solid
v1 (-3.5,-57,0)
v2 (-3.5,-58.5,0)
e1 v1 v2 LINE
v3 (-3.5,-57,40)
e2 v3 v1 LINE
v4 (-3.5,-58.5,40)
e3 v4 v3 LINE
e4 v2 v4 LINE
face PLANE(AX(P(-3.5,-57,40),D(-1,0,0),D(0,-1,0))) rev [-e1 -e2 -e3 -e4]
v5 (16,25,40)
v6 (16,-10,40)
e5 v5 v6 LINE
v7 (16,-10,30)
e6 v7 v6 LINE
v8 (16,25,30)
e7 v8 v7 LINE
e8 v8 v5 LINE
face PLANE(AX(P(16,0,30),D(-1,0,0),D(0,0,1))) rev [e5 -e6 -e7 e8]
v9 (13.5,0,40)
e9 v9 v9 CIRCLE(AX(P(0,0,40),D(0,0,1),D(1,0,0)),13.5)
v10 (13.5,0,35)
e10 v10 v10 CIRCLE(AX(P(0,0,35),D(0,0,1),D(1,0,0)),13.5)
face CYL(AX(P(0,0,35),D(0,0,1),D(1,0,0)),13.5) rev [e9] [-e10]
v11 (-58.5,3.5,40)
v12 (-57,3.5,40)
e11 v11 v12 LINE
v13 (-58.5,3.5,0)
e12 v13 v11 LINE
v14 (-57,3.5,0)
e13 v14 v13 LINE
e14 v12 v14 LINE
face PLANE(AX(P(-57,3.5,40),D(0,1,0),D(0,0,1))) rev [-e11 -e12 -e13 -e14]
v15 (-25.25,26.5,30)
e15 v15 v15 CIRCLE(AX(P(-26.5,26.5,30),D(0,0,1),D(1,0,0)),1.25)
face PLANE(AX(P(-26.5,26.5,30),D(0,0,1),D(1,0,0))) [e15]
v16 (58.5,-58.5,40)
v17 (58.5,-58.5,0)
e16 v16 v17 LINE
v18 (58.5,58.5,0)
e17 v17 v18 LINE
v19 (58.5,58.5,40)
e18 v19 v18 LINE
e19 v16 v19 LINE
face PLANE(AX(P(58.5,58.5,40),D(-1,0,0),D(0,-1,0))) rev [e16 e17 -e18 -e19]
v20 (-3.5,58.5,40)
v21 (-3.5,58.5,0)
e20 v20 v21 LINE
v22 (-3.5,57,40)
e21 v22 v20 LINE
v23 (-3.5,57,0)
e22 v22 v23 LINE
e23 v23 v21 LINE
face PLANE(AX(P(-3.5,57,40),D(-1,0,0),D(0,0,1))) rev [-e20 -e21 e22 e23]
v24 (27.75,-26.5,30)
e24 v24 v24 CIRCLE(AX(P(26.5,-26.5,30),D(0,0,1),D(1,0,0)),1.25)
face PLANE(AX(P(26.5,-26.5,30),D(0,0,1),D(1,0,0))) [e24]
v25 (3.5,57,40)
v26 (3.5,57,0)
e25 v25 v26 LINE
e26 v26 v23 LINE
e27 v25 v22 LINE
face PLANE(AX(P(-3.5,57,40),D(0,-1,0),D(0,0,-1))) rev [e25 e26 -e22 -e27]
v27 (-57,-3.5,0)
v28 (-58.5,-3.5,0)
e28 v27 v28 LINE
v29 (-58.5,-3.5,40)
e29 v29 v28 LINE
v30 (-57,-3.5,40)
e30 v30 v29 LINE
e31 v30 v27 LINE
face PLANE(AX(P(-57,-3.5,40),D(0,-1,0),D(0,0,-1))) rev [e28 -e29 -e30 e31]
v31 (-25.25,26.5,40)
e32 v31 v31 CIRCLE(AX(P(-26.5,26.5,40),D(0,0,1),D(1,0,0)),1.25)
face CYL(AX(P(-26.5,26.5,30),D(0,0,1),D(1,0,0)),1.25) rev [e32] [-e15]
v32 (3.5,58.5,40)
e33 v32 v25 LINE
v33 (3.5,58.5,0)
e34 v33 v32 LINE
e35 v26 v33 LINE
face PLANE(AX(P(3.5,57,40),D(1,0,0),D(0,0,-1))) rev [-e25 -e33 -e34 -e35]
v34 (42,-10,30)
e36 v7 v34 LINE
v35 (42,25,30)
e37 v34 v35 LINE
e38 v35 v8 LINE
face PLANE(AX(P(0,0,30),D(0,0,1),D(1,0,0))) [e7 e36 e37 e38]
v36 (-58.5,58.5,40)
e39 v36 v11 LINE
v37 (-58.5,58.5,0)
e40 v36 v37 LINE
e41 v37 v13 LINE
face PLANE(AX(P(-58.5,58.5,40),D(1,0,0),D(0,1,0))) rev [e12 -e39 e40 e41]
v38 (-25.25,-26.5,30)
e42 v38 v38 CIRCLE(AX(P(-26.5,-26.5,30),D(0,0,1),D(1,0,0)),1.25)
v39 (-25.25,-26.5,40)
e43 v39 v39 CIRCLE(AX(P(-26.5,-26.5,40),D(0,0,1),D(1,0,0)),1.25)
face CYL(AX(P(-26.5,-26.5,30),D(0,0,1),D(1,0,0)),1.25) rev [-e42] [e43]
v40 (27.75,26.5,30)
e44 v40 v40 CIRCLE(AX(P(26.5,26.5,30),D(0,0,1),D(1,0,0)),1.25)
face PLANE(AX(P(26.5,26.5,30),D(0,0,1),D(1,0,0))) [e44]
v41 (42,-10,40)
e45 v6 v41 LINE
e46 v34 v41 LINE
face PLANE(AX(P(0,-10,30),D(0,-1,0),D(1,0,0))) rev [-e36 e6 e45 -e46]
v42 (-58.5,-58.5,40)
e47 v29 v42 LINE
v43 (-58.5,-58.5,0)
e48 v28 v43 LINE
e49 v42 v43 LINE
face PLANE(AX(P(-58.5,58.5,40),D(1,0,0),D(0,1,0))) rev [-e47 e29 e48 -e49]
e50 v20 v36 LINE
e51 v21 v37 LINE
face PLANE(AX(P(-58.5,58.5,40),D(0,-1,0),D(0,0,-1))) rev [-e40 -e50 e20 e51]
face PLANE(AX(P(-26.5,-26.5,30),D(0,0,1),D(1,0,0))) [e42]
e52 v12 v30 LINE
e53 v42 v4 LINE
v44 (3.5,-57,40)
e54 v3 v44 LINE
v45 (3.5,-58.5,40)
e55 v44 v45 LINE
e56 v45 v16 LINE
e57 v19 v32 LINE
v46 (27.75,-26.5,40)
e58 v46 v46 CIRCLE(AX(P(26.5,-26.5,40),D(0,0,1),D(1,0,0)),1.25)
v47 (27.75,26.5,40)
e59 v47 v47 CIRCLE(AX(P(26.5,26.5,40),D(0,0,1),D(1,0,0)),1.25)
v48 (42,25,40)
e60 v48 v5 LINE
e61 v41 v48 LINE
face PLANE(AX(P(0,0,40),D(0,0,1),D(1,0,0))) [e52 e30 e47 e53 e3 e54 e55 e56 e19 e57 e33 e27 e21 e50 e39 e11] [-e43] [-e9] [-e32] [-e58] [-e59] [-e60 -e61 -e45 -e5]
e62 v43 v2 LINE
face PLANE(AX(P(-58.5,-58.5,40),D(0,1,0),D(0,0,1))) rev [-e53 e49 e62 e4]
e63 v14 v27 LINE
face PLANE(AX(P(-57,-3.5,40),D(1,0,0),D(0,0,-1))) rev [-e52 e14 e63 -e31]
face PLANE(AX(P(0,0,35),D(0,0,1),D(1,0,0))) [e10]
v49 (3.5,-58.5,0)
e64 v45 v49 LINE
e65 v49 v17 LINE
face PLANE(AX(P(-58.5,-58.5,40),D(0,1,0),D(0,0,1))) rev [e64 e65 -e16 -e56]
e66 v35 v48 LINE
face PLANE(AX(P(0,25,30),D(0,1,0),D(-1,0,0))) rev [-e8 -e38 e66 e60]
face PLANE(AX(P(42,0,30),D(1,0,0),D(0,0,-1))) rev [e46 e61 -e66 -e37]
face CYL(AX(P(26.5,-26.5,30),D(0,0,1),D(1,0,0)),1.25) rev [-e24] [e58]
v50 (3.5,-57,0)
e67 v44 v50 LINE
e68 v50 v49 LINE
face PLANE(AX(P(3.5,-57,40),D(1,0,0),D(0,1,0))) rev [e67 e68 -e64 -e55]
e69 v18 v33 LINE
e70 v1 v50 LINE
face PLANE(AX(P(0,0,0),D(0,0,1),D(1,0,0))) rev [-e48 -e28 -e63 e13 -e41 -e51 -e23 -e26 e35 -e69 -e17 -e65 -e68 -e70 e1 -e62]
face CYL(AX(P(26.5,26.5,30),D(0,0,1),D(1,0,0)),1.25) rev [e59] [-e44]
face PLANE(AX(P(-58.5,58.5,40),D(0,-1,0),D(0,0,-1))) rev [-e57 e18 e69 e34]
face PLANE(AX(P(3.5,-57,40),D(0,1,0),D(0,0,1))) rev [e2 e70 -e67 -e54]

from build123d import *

# Parameters (mm, degrees)
SKETCH1_W            = 117
SKETCH1_H            = 117
BODY_DEPTH           = 40
SKETCH4_W            = 7
SKETCH4_H            = 3
SKETCH4_W_2          = 3
SKETCH4_H_2          = 7
RAILS_HOUSINGS_DEPTH = 41
DRILL_START          = -40
SKETCH6_R            = 1.25
DRILL_HOLES_DEPTH    = 10
PCB_START            = -40
SKETCH7_W            = 26
SKETCH7_H            = 35
PCB_GAP_DEPTH        = 10
MOTOR_START          = -40
SKETCH8_R            = 13.5
MOTOR_GAP_DEPTH      = 5
SKETCH13_W           = 40
SKETCH13_H           = 7
BOSS_EXTRUDE4_DEPTH  = 1.5


with BuildPart() as part:
    # Sketch1 → body (new body)
    with BuildSketch(Plane.XY):
        Rectangle(SKETCH1_W, SKETCH1_H)
    extrude(amount=BODY_DEPTH)

    # Sketch4 → rails housings (cut, through all)
    with BuildSketch(Plane(origin=(0, 0, 0), x_dir=(-1, 0, 0), z_dir=(0, 0, -1))):
        with Locations((0, 58.5)):
            Rectangle(SKETCH4_W, SKETCH4_H)
        with Locations((58.5, 0)):
            Rectangle(SKETCH4_W_2, SKETCH4_H_2)
        with Locations((0, -58.5)):
            Rectangle(SKETCH4_W, SKETCH4_H)
        with Locations((-58.5, 0)):
            Rectangle(SKETCH4_W_2, SKETCH4_H_2)
    extrude(amount=-RAILS_HOUSINGS_DEPTH, mode=Mode.SUBTRACT)

    # Sketch6 → drill holes (cut)
    with BuildSketch(Plane(origin=(0, 0, 0), x_dir=(-1, 0, 0), z_dir=(0, 0, -1)).offset(DRILL_START)):
        with Locations((-26.5, 26.5)):
            Circle(SKETCH6_R)
        with Locations((26.5, 26.5)):
            Circle(SKETCH6_R)
        with Locations((26.5, -26.5)):
            Circle(SKETCH6_R)
        with Locations((-26.5, -26.5)):
            Circle(SKETCH6_R)
    extrude(amount=DRILL_HOLES_DEPTH, mode=Mode.SUBTRACT)

    # Sketch7 → PCB gap (cut)
    with BuildSketch(Plane(origin=(0, 0, 0), x_dir=(-1, 0, 0), z_dir=(0, 0, -1)).offset(PCB_START)):
        with Locations((-29, 7.5)):
            Rectangle(SKETCH7_W, SKETCH7_H)
    extrude(amount=PCB_GAP_DEPTH, mode=Mode.SUBTRACT)

    # Sketch8 → motor gap (cut)
    with BuildSketch(Plane(origin=(0, 0, 0), x_dir=(-1, 0, 0), z_dir=(0, 0, -1)).offset(MOTOR_START)):
        Circle(SKETCH8_R)
    extrude(amount=MOTOR_GAP_DEPTH, mode=Mode.SUBTRACT)

    # Sketch13 → Boss-Extrude4 (add)
    with BuildSketch(Plane(origin=(57, 0, 0), x_dir=(0, 0, -1), z_dir=(1, 0, 0))):
        with Locations((-20, 0)):
            Rectangle(SKETCH13_W, SKETCH13_H)
    extrude(amount=BOSS_EXTRUDE4_DEPTH)


solid = part.part
